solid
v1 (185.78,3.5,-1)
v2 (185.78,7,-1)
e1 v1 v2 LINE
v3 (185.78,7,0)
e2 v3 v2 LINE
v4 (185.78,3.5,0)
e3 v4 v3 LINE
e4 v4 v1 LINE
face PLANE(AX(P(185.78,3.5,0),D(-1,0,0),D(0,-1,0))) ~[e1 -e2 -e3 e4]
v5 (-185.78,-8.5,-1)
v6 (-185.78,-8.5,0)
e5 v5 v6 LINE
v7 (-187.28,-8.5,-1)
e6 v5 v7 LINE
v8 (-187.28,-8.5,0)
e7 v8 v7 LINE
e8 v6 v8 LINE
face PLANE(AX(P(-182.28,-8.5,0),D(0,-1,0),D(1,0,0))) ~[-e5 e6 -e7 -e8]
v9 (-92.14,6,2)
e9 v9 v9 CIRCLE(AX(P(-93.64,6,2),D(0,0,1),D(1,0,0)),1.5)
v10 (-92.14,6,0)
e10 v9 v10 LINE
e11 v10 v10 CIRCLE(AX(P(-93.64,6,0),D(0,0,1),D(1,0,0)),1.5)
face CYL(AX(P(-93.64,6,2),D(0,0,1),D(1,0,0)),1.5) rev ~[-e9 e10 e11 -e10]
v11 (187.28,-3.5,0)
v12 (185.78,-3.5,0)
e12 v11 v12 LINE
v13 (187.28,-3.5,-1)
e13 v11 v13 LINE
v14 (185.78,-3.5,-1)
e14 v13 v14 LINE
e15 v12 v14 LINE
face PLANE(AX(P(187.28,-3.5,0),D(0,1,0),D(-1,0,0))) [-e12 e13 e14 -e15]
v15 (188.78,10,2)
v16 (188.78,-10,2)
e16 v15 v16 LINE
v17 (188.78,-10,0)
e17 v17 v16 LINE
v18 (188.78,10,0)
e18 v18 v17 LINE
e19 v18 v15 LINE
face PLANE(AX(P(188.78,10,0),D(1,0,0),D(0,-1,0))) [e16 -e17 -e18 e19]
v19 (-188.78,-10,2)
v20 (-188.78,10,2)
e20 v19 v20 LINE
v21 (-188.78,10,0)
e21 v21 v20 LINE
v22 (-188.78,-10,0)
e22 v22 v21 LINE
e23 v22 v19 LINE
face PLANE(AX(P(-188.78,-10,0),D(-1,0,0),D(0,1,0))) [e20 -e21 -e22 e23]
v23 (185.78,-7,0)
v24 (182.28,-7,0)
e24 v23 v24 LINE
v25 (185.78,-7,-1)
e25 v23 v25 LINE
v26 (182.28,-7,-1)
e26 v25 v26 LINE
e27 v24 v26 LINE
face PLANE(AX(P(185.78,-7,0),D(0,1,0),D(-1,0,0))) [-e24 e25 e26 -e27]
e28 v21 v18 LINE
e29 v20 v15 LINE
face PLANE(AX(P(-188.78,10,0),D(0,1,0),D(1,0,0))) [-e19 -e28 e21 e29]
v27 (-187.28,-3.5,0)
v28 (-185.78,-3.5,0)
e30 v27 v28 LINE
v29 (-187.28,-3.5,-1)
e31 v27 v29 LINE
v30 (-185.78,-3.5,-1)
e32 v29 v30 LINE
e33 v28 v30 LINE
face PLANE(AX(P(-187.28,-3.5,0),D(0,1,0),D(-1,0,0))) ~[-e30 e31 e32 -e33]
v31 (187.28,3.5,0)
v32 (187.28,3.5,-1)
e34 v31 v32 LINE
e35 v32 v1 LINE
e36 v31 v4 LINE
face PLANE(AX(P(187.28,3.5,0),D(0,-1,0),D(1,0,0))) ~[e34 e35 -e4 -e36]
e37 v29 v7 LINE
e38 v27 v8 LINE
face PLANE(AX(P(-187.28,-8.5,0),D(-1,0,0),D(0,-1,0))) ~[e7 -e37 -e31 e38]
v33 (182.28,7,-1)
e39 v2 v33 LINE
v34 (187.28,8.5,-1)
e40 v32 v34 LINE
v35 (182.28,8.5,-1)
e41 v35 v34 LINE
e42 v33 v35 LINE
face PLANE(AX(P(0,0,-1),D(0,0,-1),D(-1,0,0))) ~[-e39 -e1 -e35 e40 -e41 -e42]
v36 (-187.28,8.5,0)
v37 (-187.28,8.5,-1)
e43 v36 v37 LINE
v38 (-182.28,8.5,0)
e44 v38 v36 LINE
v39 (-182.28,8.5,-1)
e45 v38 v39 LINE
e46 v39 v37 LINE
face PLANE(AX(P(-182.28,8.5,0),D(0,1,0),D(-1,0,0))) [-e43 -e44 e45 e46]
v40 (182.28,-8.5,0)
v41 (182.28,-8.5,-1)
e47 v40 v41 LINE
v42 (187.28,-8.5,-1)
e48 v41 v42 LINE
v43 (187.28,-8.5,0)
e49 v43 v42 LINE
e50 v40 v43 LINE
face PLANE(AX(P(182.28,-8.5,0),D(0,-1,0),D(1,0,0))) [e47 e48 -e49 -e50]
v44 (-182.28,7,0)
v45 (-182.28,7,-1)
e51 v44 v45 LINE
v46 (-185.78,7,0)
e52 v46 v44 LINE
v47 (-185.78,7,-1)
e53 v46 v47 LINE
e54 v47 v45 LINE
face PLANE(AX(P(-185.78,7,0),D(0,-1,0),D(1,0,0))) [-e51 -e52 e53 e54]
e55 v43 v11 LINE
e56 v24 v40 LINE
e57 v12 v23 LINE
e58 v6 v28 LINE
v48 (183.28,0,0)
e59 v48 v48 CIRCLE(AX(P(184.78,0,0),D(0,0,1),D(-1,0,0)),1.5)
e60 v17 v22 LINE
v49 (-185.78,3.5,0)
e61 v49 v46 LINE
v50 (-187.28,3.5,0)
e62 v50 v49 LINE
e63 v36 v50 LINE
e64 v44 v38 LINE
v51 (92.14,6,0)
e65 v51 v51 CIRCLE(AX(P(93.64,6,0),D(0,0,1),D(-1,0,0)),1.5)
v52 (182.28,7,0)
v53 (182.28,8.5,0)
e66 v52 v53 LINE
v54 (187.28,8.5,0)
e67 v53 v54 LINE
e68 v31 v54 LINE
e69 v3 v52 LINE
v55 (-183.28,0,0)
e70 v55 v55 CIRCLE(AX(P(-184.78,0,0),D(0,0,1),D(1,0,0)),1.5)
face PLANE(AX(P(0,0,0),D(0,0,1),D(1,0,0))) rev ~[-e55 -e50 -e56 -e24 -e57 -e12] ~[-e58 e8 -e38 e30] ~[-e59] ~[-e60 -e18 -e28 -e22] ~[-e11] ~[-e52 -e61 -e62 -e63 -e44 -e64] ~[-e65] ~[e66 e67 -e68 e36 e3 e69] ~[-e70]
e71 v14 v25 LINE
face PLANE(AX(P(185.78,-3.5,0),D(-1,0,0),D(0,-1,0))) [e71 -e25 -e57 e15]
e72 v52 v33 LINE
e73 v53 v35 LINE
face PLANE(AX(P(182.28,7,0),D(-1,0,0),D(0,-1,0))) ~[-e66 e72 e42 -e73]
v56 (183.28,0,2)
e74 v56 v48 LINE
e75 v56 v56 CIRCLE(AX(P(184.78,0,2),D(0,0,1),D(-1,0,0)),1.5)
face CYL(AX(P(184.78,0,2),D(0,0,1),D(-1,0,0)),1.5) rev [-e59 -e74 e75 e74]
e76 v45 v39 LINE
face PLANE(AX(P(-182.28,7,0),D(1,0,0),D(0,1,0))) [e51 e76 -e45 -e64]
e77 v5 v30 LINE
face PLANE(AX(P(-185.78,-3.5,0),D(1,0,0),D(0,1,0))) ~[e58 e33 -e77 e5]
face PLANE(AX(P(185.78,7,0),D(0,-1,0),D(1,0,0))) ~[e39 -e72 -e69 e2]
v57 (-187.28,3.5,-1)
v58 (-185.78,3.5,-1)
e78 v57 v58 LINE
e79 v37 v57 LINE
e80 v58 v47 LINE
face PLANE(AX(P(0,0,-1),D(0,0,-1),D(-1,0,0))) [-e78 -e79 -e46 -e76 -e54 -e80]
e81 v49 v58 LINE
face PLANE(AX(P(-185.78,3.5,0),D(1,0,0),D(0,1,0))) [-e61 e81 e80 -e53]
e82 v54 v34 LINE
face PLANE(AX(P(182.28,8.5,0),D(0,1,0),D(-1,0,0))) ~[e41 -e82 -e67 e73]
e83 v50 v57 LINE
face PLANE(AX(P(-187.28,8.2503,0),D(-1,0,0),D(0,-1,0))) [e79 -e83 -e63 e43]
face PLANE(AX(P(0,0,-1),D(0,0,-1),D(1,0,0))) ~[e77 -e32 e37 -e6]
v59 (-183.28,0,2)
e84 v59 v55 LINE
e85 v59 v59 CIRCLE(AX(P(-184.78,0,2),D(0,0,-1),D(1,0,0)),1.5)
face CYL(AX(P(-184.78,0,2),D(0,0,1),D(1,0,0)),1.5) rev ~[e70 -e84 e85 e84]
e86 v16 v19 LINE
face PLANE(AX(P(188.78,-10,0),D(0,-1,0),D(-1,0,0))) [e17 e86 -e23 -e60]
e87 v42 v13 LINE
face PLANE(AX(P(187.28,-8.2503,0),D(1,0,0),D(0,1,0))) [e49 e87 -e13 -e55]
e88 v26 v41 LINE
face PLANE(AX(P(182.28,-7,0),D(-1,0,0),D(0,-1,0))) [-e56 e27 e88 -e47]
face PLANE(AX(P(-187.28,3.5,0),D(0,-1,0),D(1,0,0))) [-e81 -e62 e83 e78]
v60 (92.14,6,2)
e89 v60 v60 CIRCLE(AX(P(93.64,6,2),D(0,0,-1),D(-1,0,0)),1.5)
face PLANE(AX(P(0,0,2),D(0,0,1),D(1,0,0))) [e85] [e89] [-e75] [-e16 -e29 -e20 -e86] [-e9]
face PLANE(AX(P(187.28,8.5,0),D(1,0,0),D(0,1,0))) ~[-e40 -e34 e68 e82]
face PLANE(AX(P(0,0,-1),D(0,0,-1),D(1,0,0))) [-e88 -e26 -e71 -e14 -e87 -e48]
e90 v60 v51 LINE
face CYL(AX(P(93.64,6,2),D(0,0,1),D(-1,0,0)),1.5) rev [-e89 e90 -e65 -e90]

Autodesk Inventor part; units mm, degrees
ref_plane "YZ Plane" through (0, 0, 0) normal (1, 0, 0) x (0, 1, 0)
ref_plane "XZ Plane" through (0, 0, 0) normal (0, 1, 0) x (-1, 0, 0)
ref_plane "XY Plane" through (0, 0, 0) normal (0, 0, 1) x (1, 0, 0)
sketch "Skizze1" plane through (0, 0, 0) normal (0, 0, 1) x (1, 0, 0)
  line L0 (-188.78, 10) -> (188.78, 10)
  line L1 (188.78, 10) -> (188.78, -10)
  line L2 (188.78, -10) -> (-188.78, -10)
  line L3 (-188.78, -10) -> (-188.78, 10)
  line L4 (0, -14) -> (0, 14) construction
  line L5 (-264.292, 0) -> (264.292, 0) construction
  point P0 (0, 0)
  dimension "d0" = 377.56
  dimension "d1" = 20
extrude "Extrusion1" add sketch "Skizze1" along normal blind 2
sketch "Skizze3" plane through (0, 0, 2) normal (0, 0, 1) x (1, 0, 0)
  circle A0 centre (-184.78, 0) radius 1.5
  line L0 (-188.78, 10) -> (-188.78, -10) projected
  line L1 (-264.292, 0) -> (264.292, 0) projected
  circle A1 centre (-93.64, 6) radius 1.5
  line L2 (188.78, 10) -> (-188.78, 10) projected
  line L3 (0, -14) -> (0, 14) projected
  point P0 (0, 0)
  dimension "d8" = 3
  dimension "d9" = 4
  dimension "d10" = 3
  dimension "d11" = 4
  dimension "d12" = 95.14
  dimension "d13" = 93.64
extrude "Extrusion3" cut sketch "Skizze3" against normal through all contours L1 A0 | A0 L1 | A1
mirror "Spiegeln2" about plane through (0, 0, 0) normal (1, 0, 0) of "Extrusion3"
sketch "Skizze4" plane through (0, 0, 0) normal (0, 0, -1) x (-1, 0, 0)
  line L0 (187.28, 8.2503) -> (187.28, 3.5)
  line L1 (187.28, 3.5) -> (185.78, 3.5)
  line L2 (185.78, 3.5) -> (185.78, 7)
  line L3 (185.78, 7) -> (182.28, 7)
  line L4 (182.28, 7) -> (182.28, 8.5)
  line L5 (182.28, 8.5) -> (187.28, 8.5)
  line L6 (187.28, 8.5) -> (187.28, 8.2503)
  line L7 (188.78, 10) -> (188.78, -10) projected
  line L8 (-188.78, 10) -> (188.78, 10) projected
  point P0 (0, 0)
  dimension "d16" = 1.5
  dimension "d17" = 1.5
  dimension "d18" = 1.5
  dimension "d19" = 1.5
  dimension "d20" = 5
  dimension "d21" = 5
extrude "Extrusion4" add sketch "Skizze4" along normal blind 1
mirror "Spiegeln3" about plane through (0, 0, 0) normal (1, 0, 0) of "Extrusion4"
mirror "Spiegeln5" about plane through (0, 0, 0) normal (0, 1, 0) of "Extrusion4", "Spiegeln3"
sketch "Skizze5" plane through (-182.28, -8.5, -1) normal (0, 0, -1) x (-1, 0, 0)
  line L0 (0, 1.5) -> (3.5, 1.5) projected
  line L1 (5, 0) -> (0, 0) projected
  line L2 (3.5, 1.5) -> (0, 1.5)
  line L3 (0, 1.5) -> (0, 0)
  line L4 (0, 0) -> (3.5, 0)
  line L5 (3.5, 0) -> (3.5, 1.5)
  point P0 (-182.28, 8.5)
extrude "Extrusion5" cut sketch "Skizze5" against normal blind 1
properties part number "PCB_Kabelkanaldeckel_1.0"
